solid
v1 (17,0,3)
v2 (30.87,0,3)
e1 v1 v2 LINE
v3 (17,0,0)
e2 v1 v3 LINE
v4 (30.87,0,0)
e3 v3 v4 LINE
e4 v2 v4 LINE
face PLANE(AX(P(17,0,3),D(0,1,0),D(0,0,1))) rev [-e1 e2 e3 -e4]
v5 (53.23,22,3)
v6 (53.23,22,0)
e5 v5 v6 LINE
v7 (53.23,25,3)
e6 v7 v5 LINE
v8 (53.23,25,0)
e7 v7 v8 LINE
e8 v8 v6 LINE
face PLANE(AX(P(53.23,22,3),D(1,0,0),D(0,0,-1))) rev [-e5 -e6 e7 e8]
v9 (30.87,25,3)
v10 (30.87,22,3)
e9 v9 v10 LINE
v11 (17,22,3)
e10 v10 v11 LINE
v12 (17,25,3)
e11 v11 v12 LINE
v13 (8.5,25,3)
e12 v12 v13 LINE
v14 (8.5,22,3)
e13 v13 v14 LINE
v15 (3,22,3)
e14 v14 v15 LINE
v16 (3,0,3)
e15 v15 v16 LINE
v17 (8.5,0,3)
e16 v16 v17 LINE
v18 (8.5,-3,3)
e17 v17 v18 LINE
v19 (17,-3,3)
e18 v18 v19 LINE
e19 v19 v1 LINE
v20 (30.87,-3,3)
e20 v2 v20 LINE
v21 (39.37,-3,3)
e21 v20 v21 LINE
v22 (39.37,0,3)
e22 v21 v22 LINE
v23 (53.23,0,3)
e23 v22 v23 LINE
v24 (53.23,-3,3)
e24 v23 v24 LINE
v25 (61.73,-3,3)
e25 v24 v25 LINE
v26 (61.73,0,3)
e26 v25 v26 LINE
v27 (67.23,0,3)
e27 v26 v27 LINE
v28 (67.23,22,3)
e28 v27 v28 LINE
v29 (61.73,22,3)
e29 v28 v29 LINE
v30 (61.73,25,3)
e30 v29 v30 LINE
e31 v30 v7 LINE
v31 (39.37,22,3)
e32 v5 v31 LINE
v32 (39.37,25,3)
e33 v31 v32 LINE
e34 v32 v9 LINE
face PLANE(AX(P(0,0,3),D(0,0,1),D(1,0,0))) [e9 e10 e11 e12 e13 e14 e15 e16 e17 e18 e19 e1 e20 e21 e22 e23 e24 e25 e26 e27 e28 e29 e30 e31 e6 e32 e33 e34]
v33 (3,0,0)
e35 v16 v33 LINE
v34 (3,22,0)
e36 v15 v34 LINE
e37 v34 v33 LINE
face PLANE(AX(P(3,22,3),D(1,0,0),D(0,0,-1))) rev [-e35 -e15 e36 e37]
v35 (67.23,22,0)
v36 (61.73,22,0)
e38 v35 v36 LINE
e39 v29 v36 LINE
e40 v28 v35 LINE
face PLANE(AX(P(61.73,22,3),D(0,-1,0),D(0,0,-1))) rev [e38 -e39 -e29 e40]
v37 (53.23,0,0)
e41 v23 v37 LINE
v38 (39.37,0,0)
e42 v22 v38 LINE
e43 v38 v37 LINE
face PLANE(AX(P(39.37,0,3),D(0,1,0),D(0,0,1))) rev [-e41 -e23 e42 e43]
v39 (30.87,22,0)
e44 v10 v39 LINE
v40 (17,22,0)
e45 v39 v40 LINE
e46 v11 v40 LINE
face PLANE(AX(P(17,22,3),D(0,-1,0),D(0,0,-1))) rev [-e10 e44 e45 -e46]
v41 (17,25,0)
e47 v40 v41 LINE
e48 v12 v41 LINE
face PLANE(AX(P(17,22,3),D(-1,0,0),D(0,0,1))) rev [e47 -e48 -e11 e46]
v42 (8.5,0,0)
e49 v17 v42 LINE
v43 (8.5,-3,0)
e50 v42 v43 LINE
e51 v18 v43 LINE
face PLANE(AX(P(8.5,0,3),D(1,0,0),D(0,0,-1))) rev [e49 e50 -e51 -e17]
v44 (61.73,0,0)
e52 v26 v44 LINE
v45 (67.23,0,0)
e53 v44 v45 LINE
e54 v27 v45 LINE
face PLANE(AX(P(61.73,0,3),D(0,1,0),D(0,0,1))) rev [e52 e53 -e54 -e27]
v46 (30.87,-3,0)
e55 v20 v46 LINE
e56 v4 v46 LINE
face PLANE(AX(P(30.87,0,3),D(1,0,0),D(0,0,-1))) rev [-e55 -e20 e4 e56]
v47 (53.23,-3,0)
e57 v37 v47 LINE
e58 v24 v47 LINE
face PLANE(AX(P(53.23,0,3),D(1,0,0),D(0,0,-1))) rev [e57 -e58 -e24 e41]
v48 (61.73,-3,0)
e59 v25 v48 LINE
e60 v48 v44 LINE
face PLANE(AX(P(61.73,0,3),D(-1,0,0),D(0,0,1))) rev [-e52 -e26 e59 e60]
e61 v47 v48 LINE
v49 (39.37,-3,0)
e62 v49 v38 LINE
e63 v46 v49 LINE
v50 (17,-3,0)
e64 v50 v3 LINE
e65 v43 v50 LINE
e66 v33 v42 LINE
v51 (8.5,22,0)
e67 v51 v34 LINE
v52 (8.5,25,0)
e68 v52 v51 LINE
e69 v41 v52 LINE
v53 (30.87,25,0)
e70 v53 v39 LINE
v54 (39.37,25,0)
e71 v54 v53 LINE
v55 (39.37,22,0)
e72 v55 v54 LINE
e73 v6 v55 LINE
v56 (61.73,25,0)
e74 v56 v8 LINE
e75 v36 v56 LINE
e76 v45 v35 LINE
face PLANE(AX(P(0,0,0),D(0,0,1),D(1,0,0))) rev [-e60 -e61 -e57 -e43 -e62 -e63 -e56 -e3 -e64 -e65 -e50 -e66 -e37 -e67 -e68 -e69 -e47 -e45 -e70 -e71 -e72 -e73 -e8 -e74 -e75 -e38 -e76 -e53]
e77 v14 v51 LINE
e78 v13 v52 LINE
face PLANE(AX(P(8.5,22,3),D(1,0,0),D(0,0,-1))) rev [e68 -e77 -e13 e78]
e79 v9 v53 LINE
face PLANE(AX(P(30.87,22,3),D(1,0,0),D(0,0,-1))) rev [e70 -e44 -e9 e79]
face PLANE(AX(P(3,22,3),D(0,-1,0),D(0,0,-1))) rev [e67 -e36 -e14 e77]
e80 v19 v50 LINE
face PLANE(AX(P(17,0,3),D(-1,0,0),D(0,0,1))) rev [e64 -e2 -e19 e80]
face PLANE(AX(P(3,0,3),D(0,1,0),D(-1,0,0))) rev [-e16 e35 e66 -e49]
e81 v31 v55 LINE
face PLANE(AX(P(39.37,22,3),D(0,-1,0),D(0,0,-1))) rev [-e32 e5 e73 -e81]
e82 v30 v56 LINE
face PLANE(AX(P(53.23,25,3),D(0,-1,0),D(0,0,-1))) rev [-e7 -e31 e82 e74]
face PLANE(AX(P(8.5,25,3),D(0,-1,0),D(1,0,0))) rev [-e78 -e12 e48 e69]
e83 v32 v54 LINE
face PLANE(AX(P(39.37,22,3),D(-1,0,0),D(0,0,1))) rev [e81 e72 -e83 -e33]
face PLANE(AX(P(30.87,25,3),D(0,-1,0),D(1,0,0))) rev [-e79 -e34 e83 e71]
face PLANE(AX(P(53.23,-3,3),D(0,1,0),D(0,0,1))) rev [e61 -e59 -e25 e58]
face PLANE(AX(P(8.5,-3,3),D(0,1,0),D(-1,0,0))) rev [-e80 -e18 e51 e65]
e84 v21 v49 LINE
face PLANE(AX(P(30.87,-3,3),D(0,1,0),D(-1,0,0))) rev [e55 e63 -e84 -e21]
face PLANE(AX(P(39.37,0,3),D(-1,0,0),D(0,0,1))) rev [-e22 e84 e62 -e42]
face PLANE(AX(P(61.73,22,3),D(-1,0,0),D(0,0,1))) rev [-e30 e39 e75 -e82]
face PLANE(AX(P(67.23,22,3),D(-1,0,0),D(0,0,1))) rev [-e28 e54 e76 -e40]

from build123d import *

# Parameters (mm, degrees)
SALIENTE_EXTRUIR1_DEPTH = 3


with BuildPart() as part:
    # Croquis1 → Saliente-Extruir1 (new body)
    with BuildSketch(Plane.XY):
        Polygon((17, 0), (30.87, 0), (30.87, -3), (39.37, -3), (39.37, 0), (53.23, 0), (53.23, -3), (61.73, -3), (61.73, 0), (67.23, 0), (67.23, 22), (61.73, 22), (61.73, 25), (53.23, 25), (53.23, 22), (39.37, 22), (39.37, 25), (30.87, 25), (30.87, 22), (17, 22), (17, 25), (8.5, 25), (8.5, 22), (3, 22), (3, 0), (8.5, 0), (8.5, -3), (17, -3), align=None)
    extrude(amount=SALIENTE_EXTRUIR1_DEPTH)


solid = part.part
